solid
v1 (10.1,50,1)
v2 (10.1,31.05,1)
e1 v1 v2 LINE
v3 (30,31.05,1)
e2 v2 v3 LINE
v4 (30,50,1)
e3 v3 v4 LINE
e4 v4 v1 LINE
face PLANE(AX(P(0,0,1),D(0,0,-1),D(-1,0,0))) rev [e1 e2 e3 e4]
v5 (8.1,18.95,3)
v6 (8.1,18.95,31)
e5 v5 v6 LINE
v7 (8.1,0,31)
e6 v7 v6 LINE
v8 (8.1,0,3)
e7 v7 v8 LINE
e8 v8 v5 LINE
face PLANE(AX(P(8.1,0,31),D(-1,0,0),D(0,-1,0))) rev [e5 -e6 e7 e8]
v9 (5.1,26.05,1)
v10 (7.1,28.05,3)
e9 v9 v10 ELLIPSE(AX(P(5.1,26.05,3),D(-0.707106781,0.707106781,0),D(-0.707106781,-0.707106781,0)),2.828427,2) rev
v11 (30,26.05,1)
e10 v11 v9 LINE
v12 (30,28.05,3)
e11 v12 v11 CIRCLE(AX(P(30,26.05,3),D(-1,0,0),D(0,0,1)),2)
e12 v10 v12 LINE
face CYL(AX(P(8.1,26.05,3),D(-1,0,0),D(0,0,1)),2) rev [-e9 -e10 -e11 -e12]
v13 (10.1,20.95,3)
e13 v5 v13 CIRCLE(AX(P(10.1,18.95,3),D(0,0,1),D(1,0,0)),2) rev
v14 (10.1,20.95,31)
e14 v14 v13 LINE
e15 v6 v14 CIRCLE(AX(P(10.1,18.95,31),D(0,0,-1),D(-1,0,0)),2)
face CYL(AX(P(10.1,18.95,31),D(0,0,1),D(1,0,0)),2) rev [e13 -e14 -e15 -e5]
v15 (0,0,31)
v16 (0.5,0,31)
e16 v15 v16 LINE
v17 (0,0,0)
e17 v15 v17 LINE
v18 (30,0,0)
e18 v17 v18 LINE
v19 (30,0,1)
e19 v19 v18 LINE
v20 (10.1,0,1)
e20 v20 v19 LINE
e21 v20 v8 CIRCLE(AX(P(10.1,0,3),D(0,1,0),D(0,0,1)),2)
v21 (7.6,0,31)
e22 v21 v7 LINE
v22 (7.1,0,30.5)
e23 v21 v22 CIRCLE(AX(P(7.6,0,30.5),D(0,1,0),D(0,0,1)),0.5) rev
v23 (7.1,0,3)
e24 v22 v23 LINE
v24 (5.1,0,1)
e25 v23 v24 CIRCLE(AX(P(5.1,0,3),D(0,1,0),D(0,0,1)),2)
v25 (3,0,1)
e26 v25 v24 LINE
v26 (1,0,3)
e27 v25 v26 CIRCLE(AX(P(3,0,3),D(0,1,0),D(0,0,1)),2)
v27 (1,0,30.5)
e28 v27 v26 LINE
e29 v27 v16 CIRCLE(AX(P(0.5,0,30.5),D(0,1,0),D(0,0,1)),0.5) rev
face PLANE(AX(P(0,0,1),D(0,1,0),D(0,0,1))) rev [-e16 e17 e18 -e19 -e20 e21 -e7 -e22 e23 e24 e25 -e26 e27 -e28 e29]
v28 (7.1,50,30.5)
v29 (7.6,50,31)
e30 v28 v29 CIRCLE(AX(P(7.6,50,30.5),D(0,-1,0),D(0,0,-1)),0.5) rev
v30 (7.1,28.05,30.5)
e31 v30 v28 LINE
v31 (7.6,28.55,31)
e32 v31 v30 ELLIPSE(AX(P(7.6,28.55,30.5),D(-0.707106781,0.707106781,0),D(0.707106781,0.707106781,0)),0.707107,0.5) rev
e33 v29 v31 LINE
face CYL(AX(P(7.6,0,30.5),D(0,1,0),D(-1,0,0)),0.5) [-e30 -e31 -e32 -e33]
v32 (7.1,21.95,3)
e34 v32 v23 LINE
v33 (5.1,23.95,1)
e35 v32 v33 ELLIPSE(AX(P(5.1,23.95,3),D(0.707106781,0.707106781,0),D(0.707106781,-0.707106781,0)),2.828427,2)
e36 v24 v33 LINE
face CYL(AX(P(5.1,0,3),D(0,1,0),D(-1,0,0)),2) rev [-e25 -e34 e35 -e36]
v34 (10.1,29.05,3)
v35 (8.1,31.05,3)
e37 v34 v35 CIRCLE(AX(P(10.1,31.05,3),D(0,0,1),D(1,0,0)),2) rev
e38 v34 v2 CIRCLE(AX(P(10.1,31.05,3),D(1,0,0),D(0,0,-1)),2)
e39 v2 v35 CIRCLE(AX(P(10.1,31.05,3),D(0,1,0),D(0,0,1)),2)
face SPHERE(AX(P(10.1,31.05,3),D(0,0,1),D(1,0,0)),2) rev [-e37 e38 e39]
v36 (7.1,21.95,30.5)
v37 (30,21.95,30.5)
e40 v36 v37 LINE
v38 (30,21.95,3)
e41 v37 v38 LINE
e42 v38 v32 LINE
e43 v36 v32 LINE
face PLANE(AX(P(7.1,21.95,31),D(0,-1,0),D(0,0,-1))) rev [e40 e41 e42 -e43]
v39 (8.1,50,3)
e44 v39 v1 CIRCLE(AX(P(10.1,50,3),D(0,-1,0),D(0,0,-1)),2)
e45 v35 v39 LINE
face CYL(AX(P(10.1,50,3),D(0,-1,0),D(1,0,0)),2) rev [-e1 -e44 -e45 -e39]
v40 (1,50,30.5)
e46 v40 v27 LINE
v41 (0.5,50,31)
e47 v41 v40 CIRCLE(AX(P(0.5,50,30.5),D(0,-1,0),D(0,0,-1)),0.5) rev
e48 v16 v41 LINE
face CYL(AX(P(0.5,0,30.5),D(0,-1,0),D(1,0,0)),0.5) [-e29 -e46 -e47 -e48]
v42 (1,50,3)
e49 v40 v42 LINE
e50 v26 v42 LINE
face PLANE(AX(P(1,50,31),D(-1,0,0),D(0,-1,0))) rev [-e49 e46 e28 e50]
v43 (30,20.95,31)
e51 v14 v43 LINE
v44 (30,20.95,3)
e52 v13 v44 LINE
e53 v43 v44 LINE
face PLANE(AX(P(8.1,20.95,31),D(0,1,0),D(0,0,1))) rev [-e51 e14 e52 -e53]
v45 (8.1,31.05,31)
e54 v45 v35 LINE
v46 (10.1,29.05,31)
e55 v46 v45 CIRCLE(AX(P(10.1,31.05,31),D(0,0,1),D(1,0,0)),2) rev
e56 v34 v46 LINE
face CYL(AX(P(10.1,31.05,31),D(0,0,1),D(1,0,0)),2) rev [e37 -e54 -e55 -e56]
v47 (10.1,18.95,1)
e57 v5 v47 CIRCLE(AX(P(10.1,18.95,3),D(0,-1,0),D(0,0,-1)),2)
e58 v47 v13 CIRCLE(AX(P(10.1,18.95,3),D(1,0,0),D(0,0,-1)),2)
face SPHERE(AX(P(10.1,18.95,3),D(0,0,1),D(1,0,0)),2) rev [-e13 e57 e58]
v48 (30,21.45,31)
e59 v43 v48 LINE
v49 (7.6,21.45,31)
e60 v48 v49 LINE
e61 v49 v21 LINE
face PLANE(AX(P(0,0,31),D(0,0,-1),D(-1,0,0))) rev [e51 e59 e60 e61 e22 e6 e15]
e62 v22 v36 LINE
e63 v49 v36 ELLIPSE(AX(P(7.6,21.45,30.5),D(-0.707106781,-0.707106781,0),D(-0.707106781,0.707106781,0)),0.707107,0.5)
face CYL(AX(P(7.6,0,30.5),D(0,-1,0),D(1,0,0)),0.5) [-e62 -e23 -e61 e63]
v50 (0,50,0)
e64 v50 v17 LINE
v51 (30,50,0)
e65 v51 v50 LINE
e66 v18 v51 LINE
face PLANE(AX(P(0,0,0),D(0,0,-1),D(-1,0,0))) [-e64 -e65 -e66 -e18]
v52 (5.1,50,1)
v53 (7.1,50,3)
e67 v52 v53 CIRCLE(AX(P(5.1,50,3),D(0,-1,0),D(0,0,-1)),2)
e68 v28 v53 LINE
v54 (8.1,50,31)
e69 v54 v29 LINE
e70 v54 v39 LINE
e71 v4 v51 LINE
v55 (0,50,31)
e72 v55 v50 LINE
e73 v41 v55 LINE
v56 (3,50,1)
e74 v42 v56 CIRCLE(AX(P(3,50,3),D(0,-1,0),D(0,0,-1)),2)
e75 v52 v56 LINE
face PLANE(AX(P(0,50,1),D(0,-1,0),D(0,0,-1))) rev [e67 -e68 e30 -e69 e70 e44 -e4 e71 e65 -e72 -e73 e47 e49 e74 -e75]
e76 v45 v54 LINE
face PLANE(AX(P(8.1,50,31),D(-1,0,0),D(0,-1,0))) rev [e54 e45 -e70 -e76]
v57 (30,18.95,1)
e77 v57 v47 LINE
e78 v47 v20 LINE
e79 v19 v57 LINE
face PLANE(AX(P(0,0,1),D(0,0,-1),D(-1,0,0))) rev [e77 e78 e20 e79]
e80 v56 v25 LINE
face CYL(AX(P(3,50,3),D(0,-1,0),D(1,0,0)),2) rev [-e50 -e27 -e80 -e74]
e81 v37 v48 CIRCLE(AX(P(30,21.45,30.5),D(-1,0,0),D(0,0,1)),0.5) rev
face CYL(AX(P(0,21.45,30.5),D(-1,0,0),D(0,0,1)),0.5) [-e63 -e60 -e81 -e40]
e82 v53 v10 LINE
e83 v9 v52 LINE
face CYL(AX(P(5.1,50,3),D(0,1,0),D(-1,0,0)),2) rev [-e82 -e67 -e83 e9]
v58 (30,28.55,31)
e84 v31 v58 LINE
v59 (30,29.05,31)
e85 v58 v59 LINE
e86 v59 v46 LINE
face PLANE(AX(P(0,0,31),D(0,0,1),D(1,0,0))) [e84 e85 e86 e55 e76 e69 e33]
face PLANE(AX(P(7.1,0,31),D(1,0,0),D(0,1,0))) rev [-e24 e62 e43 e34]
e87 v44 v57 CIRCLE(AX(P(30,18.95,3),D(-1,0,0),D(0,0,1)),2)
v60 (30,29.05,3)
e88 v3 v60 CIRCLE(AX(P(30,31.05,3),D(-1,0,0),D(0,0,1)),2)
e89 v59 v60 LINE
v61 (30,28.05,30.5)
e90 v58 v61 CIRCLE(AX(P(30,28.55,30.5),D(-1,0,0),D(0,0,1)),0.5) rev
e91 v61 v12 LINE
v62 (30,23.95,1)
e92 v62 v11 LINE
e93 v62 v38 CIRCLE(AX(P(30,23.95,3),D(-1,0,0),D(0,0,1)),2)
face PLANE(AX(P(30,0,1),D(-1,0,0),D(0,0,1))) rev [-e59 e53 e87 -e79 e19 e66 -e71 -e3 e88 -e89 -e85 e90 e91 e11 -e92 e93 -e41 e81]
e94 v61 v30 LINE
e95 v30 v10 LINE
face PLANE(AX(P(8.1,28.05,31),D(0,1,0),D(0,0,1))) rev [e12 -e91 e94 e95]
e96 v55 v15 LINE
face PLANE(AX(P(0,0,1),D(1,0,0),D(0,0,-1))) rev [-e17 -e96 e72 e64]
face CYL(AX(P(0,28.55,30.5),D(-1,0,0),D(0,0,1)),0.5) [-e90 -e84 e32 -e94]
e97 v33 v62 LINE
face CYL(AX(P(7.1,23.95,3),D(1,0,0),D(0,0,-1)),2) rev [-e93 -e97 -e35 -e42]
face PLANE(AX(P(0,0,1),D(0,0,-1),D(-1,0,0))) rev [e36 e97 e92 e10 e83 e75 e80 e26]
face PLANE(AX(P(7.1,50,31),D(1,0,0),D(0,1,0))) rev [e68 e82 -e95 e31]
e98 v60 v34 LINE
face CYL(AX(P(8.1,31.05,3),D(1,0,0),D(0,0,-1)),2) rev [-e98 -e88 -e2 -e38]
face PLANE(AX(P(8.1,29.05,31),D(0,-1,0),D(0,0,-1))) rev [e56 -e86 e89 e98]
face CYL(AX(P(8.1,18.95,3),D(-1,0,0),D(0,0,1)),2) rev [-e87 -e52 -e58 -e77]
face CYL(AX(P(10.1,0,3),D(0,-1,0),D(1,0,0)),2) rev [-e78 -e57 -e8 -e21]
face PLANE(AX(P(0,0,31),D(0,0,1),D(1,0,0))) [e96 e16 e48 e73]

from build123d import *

# Parameters (mm, degrees)
SKETCH1_W           = 30
SKETCH1_H           = 50
BOSS_EXTRUDE1_DEPTH = 1
SKETCH2_W           = 1
SKETCH2_H           = 50
BOSS_EXTRUDE2_DEPTH = 30
FILLET4_R           = 2
FILLET5_R           = 0.5


with BuildPart() as part:
    # Sketch1 → Boss-Extrude1 (new body)
    with BuildSketch(Plane.XY):
        with Locations((15, 25)):
            Rectangle(SKETCH1_W, SKETCH1_H)
    extrude(amount=BOSS_EXTRUDE1_DEPTH)

    # Sketch2 → Boss-Extrude2 (add)
    with BuildSketch(Plane.XY.offset(1)):
        Polygon((7.1, 0), (8.1, 0), (8.1, 20.95), (30, 20.95), (30, 21.95), (8.1, 21.95), (7.1, 21.95), align=None)
        with Locations((0.5, 25)):
            Rectangle(SKETCH2_W, SKETCH2_H)
        Polygon((7.1, 50), (8.1, 50), (8.1, 29.05), (30, 29.05), (30, 28.05), (8.1, 28.05), (7.1, 28.05), align=None)
    extrude(amount=BOSS_EXTRUDE2_DEPTH)

    # Fillet4
    fillet4_edges = [part.edges().sort_by_distance(p)[0] for p in [
        (1, 25, 1),
        (7.1, 10.975, 1),
        (8.1, 10.475, 1),
        (19.05, 20.95, 1),
        (8.1, 20.95, 16),
        (18.55, 21.95, 1),
        (7.1, 39.025, 1),
        (18.55, 28.05, 1),
        (19.05, 29.05, 1),
        (8.1, 39.525, 1),
        (8.1, 29.05, 16),
    ]]
    fillet(fillet4_edges, radius=FILLET4_R)

    # Fillet5
    fillet5_edges = [part.edges().sort_by_distance(p)[0] for p in [
        (1, 25, 31),
        (7.1, 10.975, 31),
        (18.55, 21.95, 31),
        (7.1, 39.025, 31),
        (18.55, 28.05, 31),
    ]]
    fillet(fillet5_edges, radius=FILLET5_R)


solid = part.part
